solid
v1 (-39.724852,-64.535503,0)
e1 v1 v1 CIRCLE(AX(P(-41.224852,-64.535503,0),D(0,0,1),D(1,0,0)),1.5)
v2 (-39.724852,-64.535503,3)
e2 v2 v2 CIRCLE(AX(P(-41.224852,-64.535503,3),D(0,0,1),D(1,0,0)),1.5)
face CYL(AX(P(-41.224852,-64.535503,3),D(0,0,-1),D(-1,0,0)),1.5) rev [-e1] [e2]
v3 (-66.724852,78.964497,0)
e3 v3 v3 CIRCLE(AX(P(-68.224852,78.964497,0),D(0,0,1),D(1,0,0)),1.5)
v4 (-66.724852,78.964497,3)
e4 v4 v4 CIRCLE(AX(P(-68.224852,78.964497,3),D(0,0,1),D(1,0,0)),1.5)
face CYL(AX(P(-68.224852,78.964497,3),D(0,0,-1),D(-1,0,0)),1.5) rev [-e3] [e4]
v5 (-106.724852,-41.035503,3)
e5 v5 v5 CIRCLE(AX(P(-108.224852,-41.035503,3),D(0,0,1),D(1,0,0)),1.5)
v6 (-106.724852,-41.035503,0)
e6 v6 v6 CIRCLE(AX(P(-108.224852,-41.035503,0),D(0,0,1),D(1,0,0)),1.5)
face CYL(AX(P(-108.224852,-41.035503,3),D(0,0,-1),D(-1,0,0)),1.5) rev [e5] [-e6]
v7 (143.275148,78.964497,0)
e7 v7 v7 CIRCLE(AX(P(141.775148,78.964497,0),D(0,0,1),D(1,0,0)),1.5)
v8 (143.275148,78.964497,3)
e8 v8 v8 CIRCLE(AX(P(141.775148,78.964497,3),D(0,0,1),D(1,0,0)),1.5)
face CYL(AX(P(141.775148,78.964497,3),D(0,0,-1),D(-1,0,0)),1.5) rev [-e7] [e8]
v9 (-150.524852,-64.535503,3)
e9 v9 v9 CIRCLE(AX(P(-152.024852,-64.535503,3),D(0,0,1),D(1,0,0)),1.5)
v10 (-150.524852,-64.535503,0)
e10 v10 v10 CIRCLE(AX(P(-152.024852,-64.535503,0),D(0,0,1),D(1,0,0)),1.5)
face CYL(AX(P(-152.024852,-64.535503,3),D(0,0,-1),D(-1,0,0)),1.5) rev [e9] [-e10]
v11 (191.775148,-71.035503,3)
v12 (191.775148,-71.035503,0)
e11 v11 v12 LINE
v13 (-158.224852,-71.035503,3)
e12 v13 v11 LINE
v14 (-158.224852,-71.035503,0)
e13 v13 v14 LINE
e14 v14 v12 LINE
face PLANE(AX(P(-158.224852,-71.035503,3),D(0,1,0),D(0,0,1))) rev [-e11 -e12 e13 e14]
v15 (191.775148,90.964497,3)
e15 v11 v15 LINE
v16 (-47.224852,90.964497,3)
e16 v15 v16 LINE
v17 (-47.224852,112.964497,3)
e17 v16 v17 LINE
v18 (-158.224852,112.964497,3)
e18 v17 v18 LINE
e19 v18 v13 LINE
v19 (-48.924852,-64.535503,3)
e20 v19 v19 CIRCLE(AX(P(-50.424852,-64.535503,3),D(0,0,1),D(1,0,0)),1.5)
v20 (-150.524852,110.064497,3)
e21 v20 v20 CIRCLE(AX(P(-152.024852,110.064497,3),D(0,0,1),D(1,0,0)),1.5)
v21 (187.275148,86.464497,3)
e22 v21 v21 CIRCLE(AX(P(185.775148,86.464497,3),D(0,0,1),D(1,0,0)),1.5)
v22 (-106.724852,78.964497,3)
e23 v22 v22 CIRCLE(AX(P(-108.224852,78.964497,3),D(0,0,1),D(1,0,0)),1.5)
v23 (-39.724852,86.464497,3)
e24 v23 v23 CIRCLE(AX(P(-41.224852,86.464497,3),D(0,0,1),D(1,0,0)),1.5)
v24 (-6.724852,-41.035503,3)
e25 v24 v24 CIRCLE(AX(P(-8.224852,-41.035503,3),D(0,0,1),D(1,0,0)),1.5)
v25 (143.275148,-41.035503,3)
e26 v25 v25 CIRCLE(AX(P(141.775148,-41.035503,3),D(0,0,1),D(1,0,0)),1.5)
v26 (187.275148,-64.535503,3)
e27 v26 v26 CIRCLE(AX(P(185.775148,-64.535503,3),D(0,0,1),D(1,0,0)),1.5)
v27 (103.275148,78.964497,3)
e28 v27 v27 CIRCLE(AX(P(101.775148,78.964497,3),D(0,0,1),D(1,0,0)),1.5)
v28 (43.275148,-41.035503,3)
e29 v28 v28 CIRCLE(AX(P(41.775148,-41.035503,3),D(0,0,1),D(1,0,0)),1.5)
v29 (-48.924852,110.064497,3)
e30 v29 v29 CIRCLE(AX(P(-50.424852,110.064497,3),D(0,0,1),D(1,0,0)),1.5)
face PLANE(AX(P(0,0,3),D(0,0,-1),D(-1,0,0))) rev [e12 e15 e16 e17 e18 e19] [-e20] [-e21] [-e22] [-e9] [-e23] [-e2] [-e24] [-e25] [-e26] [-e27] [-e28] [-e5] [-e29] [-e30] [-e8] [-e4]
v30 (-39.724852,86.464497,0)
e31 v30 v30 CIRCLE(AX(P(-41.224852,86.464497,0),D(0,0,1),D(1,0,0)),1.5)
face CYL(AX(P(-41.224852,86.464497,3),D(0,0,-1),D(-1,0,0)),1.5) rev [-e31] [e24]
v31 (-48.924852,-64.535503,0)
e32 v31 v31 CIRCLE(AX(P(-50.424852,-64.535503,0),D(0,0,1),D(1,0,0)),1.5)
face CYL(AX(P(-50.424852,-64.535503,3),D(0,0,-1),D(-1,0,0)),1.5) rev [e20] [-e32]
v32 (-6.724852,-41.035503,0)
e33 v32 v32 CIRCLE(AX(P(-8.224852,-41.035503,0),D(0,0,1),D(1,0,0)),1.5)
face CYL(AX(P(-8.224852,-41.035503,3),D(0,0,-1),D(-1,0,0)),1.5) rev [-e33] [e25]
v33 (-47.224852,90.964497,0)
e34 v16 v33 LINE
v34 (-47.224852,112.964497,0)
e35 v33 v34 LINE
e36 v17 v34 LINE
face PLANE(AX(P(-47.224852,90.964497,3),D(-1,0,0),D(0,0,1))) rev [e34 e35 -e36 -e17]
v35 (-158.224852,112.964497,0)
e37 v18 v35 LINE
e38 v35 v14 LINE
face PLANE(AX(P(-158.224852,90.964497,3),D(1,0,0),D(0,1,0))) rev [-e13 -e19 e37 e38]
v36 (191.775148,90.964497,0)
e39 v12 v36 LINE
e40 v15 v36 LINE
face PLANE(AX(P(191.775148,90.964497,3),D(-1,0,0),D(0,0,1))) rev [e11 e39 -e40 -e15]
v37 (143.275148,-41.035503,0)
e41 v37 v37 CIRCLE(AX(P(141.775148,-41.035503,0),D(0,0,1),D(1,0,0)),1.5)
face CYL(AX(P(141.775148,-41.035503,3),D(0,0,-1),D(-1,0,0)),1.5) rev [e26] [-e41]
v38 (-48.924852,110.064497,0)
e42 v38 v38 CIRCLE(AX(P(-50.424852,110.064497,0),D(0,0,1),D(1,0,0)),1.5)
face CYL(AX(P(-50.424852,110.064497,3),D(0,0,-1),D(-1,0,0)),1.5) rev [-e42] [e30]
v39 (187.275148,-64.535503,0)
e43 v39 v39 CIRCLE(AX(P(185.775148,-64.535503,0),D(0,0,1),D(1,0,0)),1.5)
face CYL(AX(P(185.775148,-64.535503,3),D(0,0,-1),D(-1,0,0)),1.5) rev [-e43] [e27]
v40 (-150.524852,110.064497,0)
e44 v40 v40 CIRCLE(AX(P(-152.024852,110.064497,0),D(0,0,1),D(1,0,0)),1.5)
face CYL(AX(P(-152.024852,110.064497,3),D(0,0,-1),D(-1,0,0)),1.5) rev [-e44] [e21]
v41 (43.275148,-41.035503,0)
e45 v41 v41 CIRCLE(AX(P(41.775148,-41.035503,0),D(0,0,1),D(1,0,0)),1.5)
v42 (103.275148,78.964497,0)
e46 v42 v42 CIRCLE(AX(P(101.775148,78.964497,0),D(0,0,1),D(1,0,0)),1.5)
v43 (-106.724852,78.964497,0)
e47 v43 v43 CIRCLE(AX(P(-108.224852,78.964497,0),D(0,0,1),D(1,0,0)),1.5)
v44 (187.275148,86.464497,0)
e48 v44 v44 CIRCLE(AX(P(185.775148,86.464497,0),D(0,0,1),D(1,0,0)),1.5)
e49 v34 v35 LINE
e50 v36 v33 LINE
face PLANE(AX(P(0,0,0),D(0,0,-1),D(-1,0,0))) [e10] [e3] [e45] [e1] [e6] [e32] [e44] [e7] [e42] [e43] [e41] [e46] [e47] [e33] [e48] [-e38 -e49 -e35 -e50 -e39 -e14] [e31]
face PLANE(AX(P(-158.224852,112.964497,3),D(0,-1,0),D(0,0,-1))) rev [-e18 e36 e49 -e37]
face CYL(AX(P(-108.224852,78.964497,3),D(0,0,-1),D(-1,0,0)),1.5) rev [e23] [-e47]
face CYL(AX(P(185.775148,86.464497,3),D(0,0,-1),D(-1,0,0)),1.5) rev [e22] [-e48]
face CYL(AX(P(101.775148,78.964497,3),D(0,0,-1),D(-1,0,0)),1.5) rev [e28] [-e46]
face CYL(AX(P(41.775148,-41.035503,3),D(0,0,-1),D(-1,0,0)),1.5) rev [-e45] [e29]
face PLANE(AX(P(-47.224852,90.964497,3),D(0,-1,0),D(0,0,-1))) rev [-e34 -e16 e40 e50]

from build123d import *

# Parameters (mm, degrees)
SKETCH_1_R      = 1.5
EXTRUDE_1_DEPTH = 3


with BuildPart() as part:
    # 스케치1 → 보스-돌출1 (new body)
    with BuildSketch(Plane.XY):
        Polygon((-47.224852071, 90.964497041), (191.775147929, 90.964497041), (191.775147929, -71.035502959), (-158.224852071, -71.035502959), (-158.224852071, 90.964497041), (-158.224852071, 112.964497041), (-47.224852071, 112.964497041), align=None)
        with Locations((-108.224852071, 78.964497041)):
            Circle(SKETCH_1_R, mode=Mode.SUBTRACT)
        with Locations((-68.224852071, 78.964497041)):
            Circle(SKETCH_1_R, mode=Mode.SUBTRACT)
        with Locations((101.775147929, 78.964497041)):
            Circle(SKETCH_1_R, mode=Mode.SUBTRACT)
        with Locations((141.775147929, 78.964497041)):
            Circle(SKETCH_1_R, mode=Mode.SUBTRACT)
        with Locations((141.775147929, -41.035502959)):
            Circle(SKETCH_1_R, mode=Mode.SUBTRACT)
        with Locations((41.775147929, -41.035502959)):
            Circle(SKETCH_1_R, mode=Mode.SUBTRACT)
        with Locations((-8.224852071, -41.035502959)):
            Circle(SKETCH_1_R, mode=Mode.SUBTRACT)
        with Locations((-108.224852071, -41.035502959)):
            Circle(SKETCH_1_R, mode=Mode.SUBTRACT)
        with Locations((-152.024852071, 110.064497041)):
            Circle(SKETCH_1_R, mode=Mode.SUBTRACT)
        with Locations((-50.424852071, 110.064497041)):
            Circle(SKETCH_1_R, mode=Mode.SUBTRACT)
        with Locations((-41.224852071, 86.464497041)):
            Circle(SKETCH_1_R, mode=Mode.SUBTRACT)
        with Locations((185.775147929, 86.464497041)):
            Circle(SKETCH_1_R, mode=Mode.SUBTRACT)
        with Locations((185.775147929, -64.535502959)):
            Circle(SKETCH_1_R, mode=Mode.SUBTRACT)
        with Locations((-41.224852071, -64.535502959)):
            Circle(SKETCH_1_R, mode=Mode.SUBTRACT)
        with Locations((-50.424852071, -64.535502959)):
            Circle(SKETCH_1_R, mode=Mode.SUBTRACT)
        with Locations((-152.024852071, -64.535502959)):
            Circle(SKETCH_1_R, mode=Mode.SUBTRACT)
    extrude(amount=EXTRUDE_1_DEPTH)


solid = part.part
